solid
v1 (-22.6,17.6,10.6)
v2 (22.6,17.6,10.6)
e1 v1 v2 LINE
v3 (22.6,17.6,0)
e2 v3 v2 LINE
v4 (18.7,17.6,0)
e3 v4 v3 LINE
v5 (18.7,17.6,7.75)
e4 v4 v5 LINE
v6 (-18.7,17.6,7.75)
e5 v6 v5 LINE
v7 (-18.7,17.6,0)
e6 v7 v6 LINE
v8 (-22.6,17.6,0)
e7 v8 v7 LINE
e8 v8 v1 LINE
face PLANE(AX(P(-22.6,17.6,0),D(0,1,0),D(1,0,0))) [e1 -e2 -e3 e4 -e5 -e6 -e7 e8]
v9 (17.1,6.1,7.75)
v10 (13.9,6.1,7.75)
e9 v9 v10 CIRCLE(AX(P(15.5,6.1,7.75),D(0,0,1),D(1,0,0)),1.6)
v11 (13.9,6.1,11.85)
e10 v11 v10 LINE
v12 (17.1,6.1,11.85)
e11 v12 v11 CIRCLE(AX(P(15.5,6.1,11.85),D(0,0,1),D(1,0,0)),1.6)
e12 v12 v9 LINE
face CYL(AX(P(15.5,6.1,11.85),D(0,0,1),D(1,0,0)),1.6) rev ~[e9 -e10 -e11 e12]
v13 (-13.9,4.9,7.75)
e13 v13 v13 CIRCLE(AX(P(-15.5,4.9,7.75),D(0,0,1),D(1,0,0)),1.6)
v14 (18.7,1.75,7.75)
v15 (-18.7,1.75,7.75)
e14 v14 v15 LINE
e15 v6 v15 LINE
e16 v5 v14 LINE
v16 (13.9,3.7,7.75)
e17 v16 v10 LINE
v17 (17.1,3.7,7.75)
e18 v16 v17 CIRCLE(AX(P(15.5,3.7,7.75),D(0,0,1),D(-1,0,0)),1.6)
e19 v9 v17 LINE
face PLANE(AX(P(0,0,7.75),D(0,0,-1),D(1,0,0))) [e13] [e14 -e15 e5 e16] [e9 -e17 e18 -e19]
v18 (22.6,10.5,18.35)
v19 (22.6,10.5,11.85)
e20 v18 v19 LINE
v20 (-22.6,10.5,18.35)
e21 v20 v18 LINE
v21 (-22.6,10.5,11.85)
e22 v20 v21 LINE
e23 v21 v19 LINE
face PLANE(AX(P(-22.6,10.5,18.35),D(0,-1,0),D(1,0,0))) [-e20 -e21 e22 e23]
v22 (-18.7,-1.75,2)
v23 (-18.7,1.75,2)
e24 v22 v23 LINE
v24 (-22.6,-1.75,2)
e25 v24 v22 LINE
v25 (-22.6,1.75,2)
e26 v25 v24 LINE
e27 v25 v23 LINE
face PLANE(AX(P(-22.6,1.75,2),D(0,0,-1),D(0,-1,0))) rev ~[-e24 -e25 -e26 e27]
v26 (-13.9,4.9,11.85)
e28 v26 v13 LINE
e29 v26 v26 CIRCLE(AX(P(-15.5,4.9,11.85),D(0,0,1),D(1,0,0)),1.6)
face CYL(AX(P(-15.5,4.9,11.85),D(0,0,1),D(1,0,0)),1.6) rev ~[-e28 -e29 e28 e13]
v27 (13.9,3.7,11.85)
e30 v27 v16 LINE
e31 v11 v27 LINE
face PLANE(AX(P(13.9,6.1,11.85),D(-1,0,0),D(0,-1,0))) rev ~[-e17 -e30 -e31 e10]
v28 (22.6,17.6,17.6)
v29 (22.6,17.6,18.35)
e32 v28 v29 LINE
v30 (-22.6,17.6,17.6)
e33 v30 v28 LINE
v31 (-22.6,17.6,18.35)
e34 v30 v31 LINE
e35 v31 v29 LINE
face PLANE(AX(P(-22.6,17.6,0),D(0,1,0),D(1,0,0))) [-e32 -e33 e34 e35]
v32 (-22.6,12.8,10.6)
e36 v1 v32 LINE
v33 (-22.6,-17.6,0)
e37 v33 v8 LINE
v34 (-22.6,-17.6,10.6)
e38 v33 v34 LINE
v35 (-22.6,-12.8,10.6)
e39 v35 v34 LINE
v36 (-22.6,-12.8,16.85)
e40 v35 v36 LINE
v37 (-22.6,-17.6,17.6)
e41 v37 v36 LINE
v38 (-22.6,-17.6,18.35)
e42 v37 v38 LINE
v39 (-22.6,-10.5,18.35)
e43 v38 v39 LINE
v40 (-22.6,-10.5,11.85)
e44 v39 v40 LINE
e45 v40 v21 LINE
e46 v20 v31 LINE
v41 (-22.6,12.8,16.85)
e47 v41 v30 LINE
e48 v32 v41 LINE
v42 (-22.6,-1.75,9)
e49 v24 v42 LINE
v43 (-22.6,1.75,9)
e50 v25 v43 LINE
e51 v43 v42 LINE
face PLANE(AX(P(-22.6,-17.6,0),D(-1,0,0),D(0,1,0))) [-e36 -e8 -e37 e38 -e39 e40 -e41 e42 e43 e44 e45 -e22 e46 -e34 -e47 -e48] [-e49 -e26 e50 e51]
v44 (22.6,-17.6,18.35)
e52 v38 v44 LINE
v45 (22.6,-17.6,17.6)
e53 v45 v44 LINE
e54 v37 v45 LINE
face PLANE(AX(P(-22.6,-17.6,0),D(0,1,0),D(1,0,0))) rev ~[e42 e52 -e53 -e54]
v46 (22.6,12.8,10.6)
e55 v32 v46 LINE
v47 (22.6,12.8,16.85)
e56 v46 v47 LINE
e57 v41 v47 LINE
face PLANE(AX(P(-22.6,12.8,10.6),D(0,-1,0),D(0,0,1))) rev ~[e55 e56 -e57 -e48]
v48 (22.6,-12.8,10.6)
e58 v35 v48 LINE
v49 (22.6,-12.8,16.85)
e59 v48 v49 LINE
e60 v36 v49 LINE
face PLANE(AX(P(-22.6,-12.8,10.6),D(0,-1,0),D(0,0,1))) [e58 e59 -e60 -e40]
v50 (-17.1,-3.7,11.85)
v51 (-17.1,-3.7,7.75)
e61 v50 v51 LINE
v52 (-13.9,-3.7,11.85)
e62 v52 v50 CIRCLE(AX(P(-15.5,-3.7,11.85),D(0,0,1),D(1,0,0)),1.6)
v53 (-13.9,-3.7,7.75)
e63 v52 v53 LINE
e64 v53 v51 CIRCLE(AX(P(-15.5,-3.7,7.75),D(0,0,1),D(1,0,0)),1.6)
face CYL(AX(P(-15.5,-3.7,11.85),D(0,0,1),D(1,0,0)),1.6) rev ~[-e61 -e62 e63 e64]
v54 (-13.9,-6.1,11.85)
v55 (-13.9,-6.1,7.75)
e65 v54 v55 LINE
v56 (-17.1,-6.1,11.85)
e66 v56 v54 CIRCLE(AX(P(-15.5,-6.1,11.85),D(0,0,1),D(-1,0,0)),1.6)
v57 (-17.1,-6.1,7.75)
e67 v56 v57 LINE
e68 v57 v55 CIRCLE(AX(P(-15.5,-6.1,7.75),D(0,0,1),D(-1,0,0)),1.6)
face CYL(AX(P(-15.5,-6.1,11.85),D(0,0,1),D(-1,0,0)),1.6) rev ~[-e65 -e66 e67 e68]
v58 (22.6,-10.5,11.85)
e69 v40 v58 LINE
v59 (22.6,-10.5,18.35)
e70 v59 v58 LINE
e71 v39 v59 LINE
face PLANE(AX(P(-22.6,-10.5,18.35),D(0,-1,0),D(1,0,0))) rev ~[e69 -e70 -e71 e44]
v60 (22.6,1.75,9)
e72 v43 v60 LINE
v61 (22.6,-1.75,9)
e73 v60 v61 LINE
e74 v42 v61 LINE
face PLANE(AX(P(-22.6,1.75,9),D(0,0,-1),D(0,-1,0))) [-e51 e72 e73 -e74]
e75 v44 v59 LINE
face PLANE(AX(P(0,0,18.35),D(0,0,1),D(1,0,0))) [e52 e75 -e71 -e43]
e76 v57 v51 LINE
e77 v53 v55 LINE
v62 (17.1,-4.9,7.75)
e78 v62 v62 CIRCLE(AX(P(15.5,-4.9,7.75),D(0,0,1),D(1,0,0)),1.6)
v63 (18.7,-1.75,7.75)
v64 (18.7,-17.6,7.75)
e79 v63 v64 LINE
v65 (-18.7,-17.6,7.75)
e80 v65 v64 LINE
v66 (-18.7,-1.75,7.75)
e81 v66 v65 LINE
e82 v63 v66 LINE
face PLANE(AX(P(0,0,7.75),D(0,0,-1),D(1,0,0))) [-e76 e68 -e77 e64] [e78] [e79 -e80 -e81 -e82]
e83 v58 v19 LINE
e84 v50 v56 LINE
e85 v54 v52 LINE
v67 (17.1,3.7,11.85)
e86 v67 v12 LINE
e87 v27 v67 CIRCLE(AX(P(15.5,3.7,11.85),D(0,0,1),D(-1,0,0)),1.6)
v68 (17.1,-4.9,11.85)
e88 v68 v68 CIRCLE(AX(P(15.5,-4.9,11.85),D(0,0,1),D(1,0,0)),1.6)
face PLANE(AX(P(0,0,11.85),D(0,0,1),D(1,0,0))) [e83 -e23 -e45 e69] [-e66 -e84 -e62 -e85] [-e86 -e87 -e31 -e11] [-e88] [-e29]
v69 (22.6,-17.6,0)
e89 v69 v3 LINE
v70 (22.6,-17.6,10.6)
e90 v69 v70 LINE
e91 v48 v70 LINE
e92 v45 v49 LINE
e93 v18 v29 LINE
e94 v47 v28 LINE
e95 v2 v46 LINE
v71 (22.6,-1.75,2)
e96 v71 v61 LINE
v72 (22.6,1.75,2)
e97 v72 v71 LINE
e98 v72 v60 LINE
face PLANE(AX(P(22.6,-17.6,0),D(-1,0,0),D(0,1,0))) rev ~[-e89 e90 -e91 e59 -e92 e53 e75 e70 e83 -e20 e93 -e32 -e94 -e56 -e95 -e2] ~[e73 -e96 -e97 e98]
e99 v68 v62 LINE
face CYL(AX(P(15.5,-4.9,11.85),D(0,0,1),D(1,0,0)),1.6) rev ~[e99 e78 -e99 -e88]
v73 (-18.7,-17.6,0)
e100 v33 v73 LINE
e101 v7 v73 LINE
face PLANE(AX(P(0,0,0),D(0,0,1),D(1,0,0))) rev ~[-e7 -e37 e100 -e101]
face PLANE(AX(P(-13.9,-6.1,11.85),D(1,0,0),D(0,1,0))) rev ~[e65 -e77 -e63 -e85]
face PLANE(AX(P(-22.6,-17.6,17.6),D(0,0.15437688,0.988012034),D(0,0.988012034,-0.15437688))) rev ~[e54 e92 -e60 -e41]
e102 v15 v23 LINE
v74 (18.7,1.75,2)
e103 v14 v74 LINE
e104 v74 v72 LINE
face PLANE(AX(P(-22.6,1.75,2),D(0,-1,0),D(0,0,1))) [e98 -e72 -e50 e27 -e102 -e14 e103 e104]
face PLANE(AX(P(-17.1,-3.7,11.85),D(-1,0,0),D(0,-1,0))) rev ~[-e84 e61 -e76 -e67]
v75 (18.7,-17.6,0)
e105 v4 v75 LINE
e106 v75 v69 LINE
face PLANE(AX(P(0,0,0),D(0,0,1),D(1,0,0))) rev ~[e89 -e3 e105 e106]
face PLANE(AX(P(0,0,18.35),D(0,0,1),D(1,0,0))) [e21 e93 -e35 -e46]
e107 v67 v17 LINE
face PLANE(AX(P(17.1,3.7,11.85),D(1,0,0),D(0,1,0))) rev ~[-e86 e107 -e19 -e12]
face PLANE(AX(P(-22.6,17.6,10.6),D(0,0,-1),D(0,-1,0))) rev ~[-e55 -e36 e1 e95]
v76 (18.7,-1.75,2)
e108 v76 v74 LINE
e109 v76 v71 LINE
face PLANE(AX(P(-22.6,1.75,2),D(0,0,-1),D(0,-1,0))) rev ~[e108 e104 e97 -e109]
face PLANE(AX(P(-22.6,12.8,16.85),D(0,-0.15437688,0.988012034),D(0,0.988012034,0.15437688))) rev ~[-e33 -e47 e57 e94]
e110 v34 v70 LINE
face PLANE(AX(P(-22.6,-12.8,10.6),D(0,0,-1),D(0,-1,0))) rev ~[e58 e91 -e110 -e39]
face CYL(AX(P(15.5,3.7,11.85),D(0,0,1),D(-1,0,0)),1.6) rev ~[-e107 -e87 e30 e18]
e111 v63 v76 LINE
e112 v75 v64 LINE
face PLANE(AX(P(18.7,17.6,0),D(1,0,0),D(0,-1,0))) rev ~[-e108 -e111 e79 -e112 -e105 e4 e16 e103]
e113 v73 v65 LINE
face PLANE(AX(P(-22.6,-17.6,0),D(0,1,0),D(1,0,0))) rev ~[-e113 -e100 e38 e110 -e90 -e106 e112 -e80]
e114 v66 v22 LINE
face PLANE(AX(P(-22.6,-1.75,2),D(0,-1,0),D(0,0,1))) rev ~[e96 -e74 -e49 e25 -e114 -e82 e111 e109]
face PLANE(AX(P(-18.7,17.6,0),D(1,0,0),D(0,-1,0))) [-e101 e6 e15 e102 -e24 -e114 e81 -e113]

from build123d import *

# Parameters (mm, degrees)
F0_W      = 45.2
F0_H      = 35.2
F1_DEPTH  = 18.35
F2_W      = 37.4
F2_H      = 35.2
F3_DEPTH  = 7.75
F4_W      = 45.2
F4_H      = 21
F5_DEPTH  = 6.5
F6_W      = 4.8
F6_H      = 6.25
F7_DEPTH  = 45.201
F8_W      = 3.5
F8_H      = 7
F9_DEPTH  = 45.201
F10_R     = 1.6
F11_DEPTH = 11.851


with BuildPart() as f1:
    # F0 (on Top) → F1 (new body)
    with BuildSketch(Plane.XY):
        Rectangle(F0_W, F0_H)
    extrude(amount=F1_DEPTH)

    # F2 (on face) → F3 (cut)
    with BuildSketch(Plane(origin=(0, 0, 0), x_dir=(1, 0, 0), z_dir=(0, 0, -1))):
        Rectangle(F2_W, F2_H)
    extrude(amount=-F3_DEPTH, mode=Mode.SUBTRACT)

    # F4 (on face) → F5 (cut)
    with BuildSketch(Plane.XY.offset(18.35)):
        Rectangle(F4_W, F4_H)
    extrude(amount=-F5_DEPTH, mode=Mode.SUBTRACT)

    # F6 (on face) → F7 (cut, through all)
    with BuildSketch(Plane(origin=(-22.6, 0, 0), x_dir=(0, -1, 0), z_dir=(-1, 0, 0))):
        with Locations((-15.2, 13.725)):
            Rectangle(F6_W, F6_H)
        with Locations((15.2, 13.725)):
            Rectangle(F6_W, F6_H)
    extrude(amount=-F7_DEPTH, mode=Mode.SUBTRACT)

    # F8 (on face) → F9 (cut, through all)
    with BuildSketch(Plane(origin=(-22.6, 0, 0), x_dir=(0, -1, 0), z_dir=(-1, 0, 0))):
        Polygon((-12.8, 16.85), (-17.6, 17.6), (-17.6, 16.85), align=None)
        Polygon((17.6, 16.85), (17.6, 17.6), (12.8, 16.85), align=None)
        with Locations((0, 5.5)):
            Rectangle(F8_W, F8_H)
    extrude(amount=-F9_DEPTH, mode=Mode.SUBTRACT)

    # F10 (on face) → F11 (cut, through all)
    with BuildSketch(Plane.XY.offset(11.85)):
        with Locations((15.5, -4.9)):
            Circle(F10_R)
        with Locations((-15.5, 4.9)):
            Circle(F10_R)
        with BuildLine():
            ThreePointArc((-16.5583005244, -4.9), (-16.9583005244, -5.4416994756), (-17.1, -6.1))
            ThreePointArc((-17.1, -6.1), (-15.5, -7.7), (-13.9, -6.1))
            ThreePointArc((-13.9, -6.1), (-14.0416994756, -5.4416994756), (-14.4416994756, -4.9))
            ThreePointArc((-14.4416994756, -4.9), (-15.5, -5.3), (-16.5583005244, -4.9))
        make_face()
        with BuildLine():
            Line((-17.1, -3.7), (-17.1, -6.1))
            ThreePointArc((-17.1, -6.1), (-16.9583005244, -5.4416994756), (-16.5583005244, -4.9))
            ThreePointArc((-16.5583005244, -4.9), (-16.9583005244, -4.3583005244), (-17.1, -3.7))
        make_face()
        with BuildLine():
            ThreePointArc((-14.4416994756, -4.9), (-14.0416994756, -5.4416994756), (-13.9, -6.1))
            Line((-13.9, -6.1), (-13.9, -3.7))
            ThreePointArc((-13.9, -3.7), (-14.0416994756, -4.3583005244), (-14.4416994756, -4.9))
        make_face()
        with BuildLine():
            ThreePointArc((-17.1, -3.7), (-16.9583005244, -4.3583005244), (-16.5583005244, -4.9))
            ThreePointArc((-16.5583005244, -4.9), (-15.5, -4.5), (-14.4416994756, -4.9))
            ThreePointArc((-14.4416994756, -4.9), (-14.0416994756, -4.3583005244), (-13.9, -3.7))
            ThreePointArc((-13.9, -3.7), (-15.5, -2.1), (-17.1, -3.7))
        make_face()
        with BuildLine():
            ThreePointArc((14.4416994756, 4.9), (14.0416994756, 4.3583005244), (13.9, 3.7))
            ThreePointArc((13.9, 3.7), (15.5, 2.1), (17.1, 3.7))
            ThreePointArc((17.1, 3.7), (16.9583005244, 4.3583005244), (16.5583005244, 4.9))
            ThreePointArc((16.5583005244, 4.9), (15.5, 4.5), (14.4416994756, 4.9))
        make_face()
        with BuildLine():
            Line((13.9, 6.1), (13.9, 3.7))
            ThreePointArc((13.9, 3.7), (14.0416994756, 4.3583005244), (14.4416994756, 4.9))
            ThreePointArc((14.4416994756, 4.9), (14.0416994756, 5.4416994756), (13.9, 6.1))
        make_face()
        with BuildLine():
            ThreePointArc((16.5583005244, 4.9), (16.9583005244, 4.3583005244), (17.1, 3.7))
            Line((17.1, 3.7), (17.1, 6.1))
            ThreePointArc((17.1, 6.1), (16.9583005244, 5.4416994756), (16.5583005244, 4.9))
        make_face()
        with BuildLine():
            ThreePointArc((13.9, 6.1), (14.0416994756, 5.4416994756), (14.4416994756, 4.9))
            ThreePointArc((14.4416994756, 4.9), (15.5, 5.3), (16.5583005244, 4.9))
            ThreePointArc((16.5583005244, 4.9), (16.9583005244, 5.4416994756), (17.1, 6.1))
            ThreePointArc((17.1, 6.1), (15.5, 7.7), (13.9, 6.1))
        make_face()
        with BuildLine():
            ThreePointArc((16.5583005244, 4.9), (15.5, 5.3), (14.4416994756, 4.9))
            ThreePointArc((14.4416994756, 4.9), (15.5, 4.5), (16.5583005244, 4.9))
        make_face()
        with BuildLine():
            ThreePointArc((-14.4416994756, -4.9), (-15.5, -4.5), (-16.5583005244, -4.9))
            ThreePointArc((-16.5583005244, -4.9), (-15.5, -5.3), (-14.4416994756, -4.9))
        make_face()
    extrude(amount=-F11_DEPTH, mode=Mode.SUBTRACT)


solid = f1.part
